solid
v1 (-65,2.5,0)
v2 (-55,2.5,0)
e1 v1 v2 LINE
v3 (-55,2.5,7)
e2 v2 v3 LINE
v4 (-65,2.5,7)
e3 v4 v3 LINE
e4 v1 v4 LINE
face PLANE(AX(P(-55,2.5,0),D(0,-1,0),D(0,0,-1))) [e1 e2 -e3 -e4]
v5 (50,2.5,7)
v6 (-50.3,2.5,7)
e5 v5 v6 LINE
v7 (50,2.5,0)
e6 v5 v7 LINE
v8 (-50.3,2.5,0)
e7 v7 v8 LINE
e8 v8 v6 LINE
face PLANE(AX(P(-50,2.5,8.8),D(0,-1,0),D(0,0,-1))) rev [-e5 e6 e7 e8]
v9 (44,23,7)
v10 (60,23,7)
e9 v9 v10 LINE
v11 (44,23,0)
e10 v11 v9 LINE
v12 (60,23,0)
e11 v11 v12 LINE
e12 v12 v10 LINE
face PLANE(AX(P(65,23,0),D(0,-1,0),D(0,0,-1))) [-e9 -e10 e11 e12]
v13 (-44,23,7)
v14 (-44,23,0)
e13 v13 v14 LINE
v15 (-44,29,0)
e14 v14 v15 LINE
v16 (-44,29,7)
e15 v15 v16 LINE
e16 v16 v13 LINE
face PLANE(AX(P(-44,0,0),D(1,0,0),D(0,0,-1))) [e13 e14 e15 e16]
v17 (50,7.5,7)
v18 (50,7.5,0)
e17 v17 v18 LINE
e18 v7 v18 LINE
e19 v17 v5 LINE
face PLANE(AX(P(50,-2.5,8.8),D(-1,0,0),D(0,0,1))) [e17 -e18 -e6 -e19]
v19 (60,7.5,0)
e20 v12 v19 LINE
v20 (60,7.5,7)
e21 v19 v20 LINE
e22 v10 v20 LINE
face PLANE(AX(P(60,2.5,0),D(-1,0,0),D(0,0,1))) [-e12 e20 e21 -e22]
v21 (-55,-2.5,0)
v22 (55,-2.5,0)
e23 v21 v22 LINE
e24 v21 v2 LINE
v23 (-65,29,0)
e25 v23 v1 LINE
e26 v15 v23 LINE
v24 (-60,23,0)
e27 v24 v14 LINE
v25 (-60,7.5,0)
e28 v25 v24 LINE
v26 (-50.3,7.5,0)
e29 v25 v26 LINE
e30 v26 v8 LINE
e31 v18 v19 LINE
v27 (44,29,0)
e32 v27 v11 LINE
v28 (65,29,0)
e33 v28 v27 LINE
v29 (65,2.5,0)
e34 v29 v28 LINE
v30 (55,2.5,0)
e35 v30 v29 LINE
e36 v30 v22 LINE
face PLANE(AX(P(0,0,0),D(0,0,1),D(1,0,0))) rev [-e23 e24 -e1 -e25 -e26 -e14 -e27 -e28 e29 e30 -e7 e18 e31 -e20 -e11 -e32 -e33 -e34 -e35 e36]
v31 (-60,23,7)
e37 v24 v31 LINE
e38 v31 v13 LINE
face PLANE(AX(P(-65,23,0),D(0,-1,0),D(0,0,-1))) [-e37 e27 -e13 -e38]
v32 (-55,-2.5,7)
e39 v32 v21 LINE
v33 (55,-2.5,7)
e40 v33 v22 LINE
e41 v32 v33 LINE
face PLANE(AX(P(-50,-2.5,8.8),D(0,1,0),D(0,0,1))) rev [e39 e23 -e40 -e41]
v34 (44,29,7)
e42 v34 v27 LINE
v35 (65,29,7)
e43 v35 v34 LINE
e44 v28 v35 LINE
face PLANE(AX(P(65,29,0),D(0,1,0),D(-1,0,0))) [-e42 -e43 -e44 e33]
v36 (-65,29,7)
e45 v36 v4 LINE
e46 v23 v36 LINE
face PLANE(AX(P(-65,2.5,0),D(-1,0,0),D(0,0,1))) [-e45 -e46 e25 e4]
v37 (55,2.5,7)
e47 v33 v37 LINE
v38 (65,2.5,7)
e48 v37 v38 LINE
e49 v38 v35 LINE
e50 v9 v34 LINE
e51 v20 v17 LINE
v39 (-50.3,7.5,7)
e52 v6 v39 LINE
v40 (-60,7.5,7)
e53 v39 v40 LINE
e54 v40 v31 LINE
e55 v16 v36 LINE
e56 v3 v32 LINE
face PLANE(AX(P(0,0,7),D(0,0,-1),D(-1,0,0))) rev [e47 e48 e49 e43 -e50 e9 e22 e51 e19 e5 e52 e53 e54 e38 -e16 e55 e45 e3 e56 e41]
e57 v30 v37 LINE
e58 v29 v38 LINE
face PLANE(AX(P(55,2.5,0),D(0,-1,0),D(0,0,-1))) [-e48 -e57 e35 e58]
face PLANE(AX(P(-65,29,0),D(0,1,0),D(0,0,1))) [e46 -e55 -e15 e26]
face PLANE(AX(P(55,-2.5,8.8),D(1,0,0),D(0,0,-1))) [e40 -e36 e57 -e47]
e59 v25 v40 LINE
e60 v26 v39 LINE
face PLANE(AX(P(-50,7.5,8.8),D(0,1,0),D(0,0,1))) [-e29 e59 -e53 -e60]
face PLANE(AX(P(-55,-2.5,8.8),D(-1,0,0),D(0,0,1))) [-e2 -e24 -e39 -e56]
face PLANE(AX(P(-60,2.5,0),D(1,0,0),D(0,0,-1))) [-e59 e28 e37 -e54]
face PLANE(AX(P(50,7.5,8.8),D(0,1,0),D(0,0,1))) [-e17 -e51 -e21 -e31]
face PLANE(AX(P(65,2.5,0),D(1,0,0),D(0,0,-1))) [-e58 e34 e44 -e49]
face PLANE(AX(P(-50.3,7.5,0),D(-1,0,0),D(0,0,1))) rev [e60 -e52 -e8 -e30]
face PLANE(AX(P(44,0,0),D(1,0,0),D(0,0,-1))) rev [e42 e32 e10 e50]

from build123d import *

# Parameters (mm, degrees)
SKETCH_1_W          = 100
SKETCH_1_H          = 5
EXTRUDE_1_DEPTH     = 8.8
SKETCH_2_W          = 5
SKETCH_2_H          = 10
EXTRUDE_2_DEPTH     = 8.8
SKETCH_3_W          = 5
SKETCH_3_H          = 10
EXTRUDE_3_DEPTH     = 8.8
SKETCH_4_W          = 5
SKETCH_4_H          = 5
EXTRUDE_4_DEPTH     = 8.8
SKETCH_5_W          = 5
SKETCH_5_H          = 5
EXTRUDE_5_DEPTH     = 8.8
SKETCH_6_W          = 0.3
SKETCH_6_H          = 5
CUT_EXTRUDE_1_DEPTH = 8.8
SKETCH_7_W          = 5
SKETCH_7_H          = 20.5
EXTRUDE_6_DEPTH     = 8.8
SKETCH_8_W          = 5
SKETCH_8_H          = 20.5
EXTRUDE_7_DEPTH     = 8.8
SKETCH_9_W          = 15
SKETCH_9_H          = 6
EXTRUDE_8_DEPTH     = 8.8
SKETCH_10_W         = 15
SKETCH_10_H         = 6
EXTRUDE_9_DEPTH     = 8.8
SKETCH_11_W         = 1.5
SKETCH_11_H         = 1.5
EXTRUDE_10_DEPTH    = 8.8
SKETCH_12_W         = 1.5
SKETCH_12_H         = 1.5
EXTRUDE_11_DEPTH    = 8.8
CUT_EXTRUDE_2_DEPTH = 1.8
SKETCH_15_W         = 1.5
SKETCH_15_H         = 1.5
CUT_EXTRUDE_3_DEPTH = 10
SKETCH_16_W         = 1.5
SKETCH_16_H         = 1.5
CUT_EXTRUDE_4_DEPTH = 10
SKETCH_17_W         = 7
SKETCH_17_H         = 6
EXTRUDE_12_DEPTH    = 5
SKETCH_18_W         = 7
SKETCH_18_H         = 6
EXTRUDE_13_DEPTH    = 5
SKETCH_19_W         = 7
SKETCH_19_H         = 6
EXTRUDE_14_DEPTH    = 1
SKETCH_20_W         = 7
SKETCH_20_H         = 6
EXTRUDE_15_DEPTH    = 1


with BuildPart() as part:
    # 草图1 → 凸台-拉伸1 (new body)
    with BuildSketch(Plane.XY):
        Rectangle(SKETCH_1_W, SKETCH_1_H)
    extrude(amount=EXTRUDE_1_DEPTH)

    # 草图2 → 凸台-拉伸2 (add)
    with BuildSketch(Plane(origin=(0, 0, 0), x_dir=(-1, 0, 0), z_dir=(0, 0, -1))):
        with Locations((-52.5, 2.5)):
            Rectangle(SKETCH_2_W, SKETCH_2_H)
    extrude(amount=-EXTRUDE_2_DEPTH)

    # 草图3 → 凸台-拉伸3 (add)
    with BuildSketch(Plane(origin=(0, 0, 0), x_dir=(-1, 0, 0), z_dir=(0, 0, -1))):
        with Locations((52.5, 2.5)):
            Rectangle(SKETCH_3_W, SKETCH_3_H)
    extrude(amount=-EXTRUDE_3_DEPTH)

    # 草图4 → 凸台-拉伸4 (add)
    with BuildSketch(Plane.XY.offset(8.8)):
        with Locations((-57.5, 5)):
            Rectangle(SKETCH_4_W, SKETCH_4_H)
    extrude(amount=-EXTRUDE_4_DEPTH)

    # 草图5 → 凸台-拉伸5 (add)
    with BuildSketch(Plane.XY.offset(8.8)):
        with Locations((57.5, 5)):
            Rectangle(SKETCH_5_W, SKETCH_5_H)
    extrude(amount=-EXTRUDE_5_DEPTH)

    # 草图6 → 切除-拉伸1 (cut)
    with BuildSketch(Plane.XY.offset(8.8)):
        with Locations((-50.15, 5)):
            Rectangle(SKETCH_6_W, SKETCH_6_H)
    extrude(amount=-CUT_EXTRUDE_1_DEPTH, mode=Mode.SUBTRACT)

    # 草图7 → 凸台-拉伸6 (add)
    with BuildSketch(Plane.XY.offset(8.8)):
        with Locations((-62.5, 12.75)):
            Rectangle(SKETCH_7_W, SKETCH_7_H)
    extrude(amount=-EXTRUDE_6_DEPTH)

    # 草图8 → 凸台-拉伸7 (add)
    with BuildSketch(Plane.XY.offset(8.8)):
        with Locations((62.5, 12.75)):
            Rectangle(SKETCH_8_W, SKETCH_8_H)
    extrude(amount=-EXTRUDE_7_DEPTH)

    # 草图9 → 凸台-拉伸8 (add)
    with BuildSketch(Plane.XY.offset(8.8)):
        with Locations((-57.5, 26)):
            Rectangle(SKETCH_9_W, SKETCH_9_H)
    extrude(amount=-EXTRUDE_8_DEPTH)

    # 草图10 → 凸台-拉伸9 (add)
    with BuildSketch(Plane.XY.offset(8.8)):
        with Locations((57.5, 26)):
            Rectangle(SKETCH_10_W, SKETCH_10_H)
    extrude(amount=-EXTRUDE_9_DEPTH)

    # 草图11 → 凸台-拉伸10 (add)
    with BuildSketch(Plane.XY.offset(8.8)):
        with Locations((-50.75, 22.25)):
            Rectangle(SKETCH_11_W, SKETCH_11_H)
    extrude(amount=-EXTRUDE_10_DEPTH)

    # 草图12 → 凸台-拉伸11 (add)
    with BuildSketch(Plane.XY.offset(8.8)):
        with Locations((50.75, 22.25)):
            Rectangle(SKETCH_12_W, SKETCH_12_H)
    extrude(amount=-EXTRUDE_11_DEPTH)

    # 草图14 → 切除-拉伸2 (cut)
    with BuildSketch(Plane.XY.offset(8.8)):
        Polygon((-51.5, 23), (-51.5, 21.5), (-50, 21.5), (-50, 29), (-65, 29), (-65, 2.5), (-55, 2.5), (-55, -2.5), (55, -2.5), (55, 2.5), (65, 2.5), (65, 29), (50, 29), (50, 21.5), (51.5, 21.5), (51.5, 23), (60, 23), (60, 7.5), (50, 7.5), (50, 2.5), (-50.3, 2.5), (-50.3, 7.5), (-60, 7.5), (-60, 23), align=None)
    extrude(amount=-CUT_EXTRUDE_2_DEPTH, mode=Mode.SUBTRACT)

    # 草图15 → 切除-拉伸3 (cut)
    with BuildSketch(Plane.XY.offset(7)):
        with Locations((-50.75, 22.25)):
            Rectangle(SKETCH_15_W, SKETCH_15_H)
    extrude(amount=-CUT_EXTRUDE_3_DEPTH, mode=Mode.SUBTRACT)

    # 草图16 → 切除-拉伸4 (cut)
    with BuildSketch(Plane.XY.offset(7)):
        with Locations((50.75, 22.25)):
            Rectangle(SKETCH_16_W, SKETCH_16_H)
    extrude(amount=-CUT_EXTRUDE_4_DEPTH, mode=Mode.SUBTRACT)

    # 草图17 → 凸台-拉伸12 (add)
    with BuildSketch(Plane(origin=(-50, 0, 0), x_dir=(0, 0, -1), z_dir=(1, 0, 0))):
        with Locations((-3.5, 26)):
            Rectangle(SKETCH_17_W, SKETCH_17_H)
    extrude(amount=EXTRUDE_12_DEPTH)

    # 草图18 → 凸台-拉伸13 (add)
    with BuildSketch(Plane.ZY.offset(-50)):
        with Locations((3.5, 26)):
            Rectangle(SKETCH_18_W, SKETCH_18_H)
    extrude(amount=EXTRUDE_13_DEPTH)

    # 草图19 → 凸台-拉伸14 (add)
    with BuildSketch(Plane(origin=(-45, 0, 0), x_dir=(0, 0, -1), z_dir=(1, 0, 0))):
        with Locations((-3.5, 26)):
            Rectangle(SKETCH_19_W, SKETCH_19_H)
    extrude(amount=EXTRUDE_14_DEPTH)

    # 草图20 → 凸台-拉伸15 (add)
    with BuildSketch(Plane.ZY.offset(-45)):
        with Locations((3.5, 26)):
            Rectangle(SKETCH_20_W, SKETCH_20_H)
    extrude(amount=EXTRUDE_15_DEPTH)


solid = part.part
